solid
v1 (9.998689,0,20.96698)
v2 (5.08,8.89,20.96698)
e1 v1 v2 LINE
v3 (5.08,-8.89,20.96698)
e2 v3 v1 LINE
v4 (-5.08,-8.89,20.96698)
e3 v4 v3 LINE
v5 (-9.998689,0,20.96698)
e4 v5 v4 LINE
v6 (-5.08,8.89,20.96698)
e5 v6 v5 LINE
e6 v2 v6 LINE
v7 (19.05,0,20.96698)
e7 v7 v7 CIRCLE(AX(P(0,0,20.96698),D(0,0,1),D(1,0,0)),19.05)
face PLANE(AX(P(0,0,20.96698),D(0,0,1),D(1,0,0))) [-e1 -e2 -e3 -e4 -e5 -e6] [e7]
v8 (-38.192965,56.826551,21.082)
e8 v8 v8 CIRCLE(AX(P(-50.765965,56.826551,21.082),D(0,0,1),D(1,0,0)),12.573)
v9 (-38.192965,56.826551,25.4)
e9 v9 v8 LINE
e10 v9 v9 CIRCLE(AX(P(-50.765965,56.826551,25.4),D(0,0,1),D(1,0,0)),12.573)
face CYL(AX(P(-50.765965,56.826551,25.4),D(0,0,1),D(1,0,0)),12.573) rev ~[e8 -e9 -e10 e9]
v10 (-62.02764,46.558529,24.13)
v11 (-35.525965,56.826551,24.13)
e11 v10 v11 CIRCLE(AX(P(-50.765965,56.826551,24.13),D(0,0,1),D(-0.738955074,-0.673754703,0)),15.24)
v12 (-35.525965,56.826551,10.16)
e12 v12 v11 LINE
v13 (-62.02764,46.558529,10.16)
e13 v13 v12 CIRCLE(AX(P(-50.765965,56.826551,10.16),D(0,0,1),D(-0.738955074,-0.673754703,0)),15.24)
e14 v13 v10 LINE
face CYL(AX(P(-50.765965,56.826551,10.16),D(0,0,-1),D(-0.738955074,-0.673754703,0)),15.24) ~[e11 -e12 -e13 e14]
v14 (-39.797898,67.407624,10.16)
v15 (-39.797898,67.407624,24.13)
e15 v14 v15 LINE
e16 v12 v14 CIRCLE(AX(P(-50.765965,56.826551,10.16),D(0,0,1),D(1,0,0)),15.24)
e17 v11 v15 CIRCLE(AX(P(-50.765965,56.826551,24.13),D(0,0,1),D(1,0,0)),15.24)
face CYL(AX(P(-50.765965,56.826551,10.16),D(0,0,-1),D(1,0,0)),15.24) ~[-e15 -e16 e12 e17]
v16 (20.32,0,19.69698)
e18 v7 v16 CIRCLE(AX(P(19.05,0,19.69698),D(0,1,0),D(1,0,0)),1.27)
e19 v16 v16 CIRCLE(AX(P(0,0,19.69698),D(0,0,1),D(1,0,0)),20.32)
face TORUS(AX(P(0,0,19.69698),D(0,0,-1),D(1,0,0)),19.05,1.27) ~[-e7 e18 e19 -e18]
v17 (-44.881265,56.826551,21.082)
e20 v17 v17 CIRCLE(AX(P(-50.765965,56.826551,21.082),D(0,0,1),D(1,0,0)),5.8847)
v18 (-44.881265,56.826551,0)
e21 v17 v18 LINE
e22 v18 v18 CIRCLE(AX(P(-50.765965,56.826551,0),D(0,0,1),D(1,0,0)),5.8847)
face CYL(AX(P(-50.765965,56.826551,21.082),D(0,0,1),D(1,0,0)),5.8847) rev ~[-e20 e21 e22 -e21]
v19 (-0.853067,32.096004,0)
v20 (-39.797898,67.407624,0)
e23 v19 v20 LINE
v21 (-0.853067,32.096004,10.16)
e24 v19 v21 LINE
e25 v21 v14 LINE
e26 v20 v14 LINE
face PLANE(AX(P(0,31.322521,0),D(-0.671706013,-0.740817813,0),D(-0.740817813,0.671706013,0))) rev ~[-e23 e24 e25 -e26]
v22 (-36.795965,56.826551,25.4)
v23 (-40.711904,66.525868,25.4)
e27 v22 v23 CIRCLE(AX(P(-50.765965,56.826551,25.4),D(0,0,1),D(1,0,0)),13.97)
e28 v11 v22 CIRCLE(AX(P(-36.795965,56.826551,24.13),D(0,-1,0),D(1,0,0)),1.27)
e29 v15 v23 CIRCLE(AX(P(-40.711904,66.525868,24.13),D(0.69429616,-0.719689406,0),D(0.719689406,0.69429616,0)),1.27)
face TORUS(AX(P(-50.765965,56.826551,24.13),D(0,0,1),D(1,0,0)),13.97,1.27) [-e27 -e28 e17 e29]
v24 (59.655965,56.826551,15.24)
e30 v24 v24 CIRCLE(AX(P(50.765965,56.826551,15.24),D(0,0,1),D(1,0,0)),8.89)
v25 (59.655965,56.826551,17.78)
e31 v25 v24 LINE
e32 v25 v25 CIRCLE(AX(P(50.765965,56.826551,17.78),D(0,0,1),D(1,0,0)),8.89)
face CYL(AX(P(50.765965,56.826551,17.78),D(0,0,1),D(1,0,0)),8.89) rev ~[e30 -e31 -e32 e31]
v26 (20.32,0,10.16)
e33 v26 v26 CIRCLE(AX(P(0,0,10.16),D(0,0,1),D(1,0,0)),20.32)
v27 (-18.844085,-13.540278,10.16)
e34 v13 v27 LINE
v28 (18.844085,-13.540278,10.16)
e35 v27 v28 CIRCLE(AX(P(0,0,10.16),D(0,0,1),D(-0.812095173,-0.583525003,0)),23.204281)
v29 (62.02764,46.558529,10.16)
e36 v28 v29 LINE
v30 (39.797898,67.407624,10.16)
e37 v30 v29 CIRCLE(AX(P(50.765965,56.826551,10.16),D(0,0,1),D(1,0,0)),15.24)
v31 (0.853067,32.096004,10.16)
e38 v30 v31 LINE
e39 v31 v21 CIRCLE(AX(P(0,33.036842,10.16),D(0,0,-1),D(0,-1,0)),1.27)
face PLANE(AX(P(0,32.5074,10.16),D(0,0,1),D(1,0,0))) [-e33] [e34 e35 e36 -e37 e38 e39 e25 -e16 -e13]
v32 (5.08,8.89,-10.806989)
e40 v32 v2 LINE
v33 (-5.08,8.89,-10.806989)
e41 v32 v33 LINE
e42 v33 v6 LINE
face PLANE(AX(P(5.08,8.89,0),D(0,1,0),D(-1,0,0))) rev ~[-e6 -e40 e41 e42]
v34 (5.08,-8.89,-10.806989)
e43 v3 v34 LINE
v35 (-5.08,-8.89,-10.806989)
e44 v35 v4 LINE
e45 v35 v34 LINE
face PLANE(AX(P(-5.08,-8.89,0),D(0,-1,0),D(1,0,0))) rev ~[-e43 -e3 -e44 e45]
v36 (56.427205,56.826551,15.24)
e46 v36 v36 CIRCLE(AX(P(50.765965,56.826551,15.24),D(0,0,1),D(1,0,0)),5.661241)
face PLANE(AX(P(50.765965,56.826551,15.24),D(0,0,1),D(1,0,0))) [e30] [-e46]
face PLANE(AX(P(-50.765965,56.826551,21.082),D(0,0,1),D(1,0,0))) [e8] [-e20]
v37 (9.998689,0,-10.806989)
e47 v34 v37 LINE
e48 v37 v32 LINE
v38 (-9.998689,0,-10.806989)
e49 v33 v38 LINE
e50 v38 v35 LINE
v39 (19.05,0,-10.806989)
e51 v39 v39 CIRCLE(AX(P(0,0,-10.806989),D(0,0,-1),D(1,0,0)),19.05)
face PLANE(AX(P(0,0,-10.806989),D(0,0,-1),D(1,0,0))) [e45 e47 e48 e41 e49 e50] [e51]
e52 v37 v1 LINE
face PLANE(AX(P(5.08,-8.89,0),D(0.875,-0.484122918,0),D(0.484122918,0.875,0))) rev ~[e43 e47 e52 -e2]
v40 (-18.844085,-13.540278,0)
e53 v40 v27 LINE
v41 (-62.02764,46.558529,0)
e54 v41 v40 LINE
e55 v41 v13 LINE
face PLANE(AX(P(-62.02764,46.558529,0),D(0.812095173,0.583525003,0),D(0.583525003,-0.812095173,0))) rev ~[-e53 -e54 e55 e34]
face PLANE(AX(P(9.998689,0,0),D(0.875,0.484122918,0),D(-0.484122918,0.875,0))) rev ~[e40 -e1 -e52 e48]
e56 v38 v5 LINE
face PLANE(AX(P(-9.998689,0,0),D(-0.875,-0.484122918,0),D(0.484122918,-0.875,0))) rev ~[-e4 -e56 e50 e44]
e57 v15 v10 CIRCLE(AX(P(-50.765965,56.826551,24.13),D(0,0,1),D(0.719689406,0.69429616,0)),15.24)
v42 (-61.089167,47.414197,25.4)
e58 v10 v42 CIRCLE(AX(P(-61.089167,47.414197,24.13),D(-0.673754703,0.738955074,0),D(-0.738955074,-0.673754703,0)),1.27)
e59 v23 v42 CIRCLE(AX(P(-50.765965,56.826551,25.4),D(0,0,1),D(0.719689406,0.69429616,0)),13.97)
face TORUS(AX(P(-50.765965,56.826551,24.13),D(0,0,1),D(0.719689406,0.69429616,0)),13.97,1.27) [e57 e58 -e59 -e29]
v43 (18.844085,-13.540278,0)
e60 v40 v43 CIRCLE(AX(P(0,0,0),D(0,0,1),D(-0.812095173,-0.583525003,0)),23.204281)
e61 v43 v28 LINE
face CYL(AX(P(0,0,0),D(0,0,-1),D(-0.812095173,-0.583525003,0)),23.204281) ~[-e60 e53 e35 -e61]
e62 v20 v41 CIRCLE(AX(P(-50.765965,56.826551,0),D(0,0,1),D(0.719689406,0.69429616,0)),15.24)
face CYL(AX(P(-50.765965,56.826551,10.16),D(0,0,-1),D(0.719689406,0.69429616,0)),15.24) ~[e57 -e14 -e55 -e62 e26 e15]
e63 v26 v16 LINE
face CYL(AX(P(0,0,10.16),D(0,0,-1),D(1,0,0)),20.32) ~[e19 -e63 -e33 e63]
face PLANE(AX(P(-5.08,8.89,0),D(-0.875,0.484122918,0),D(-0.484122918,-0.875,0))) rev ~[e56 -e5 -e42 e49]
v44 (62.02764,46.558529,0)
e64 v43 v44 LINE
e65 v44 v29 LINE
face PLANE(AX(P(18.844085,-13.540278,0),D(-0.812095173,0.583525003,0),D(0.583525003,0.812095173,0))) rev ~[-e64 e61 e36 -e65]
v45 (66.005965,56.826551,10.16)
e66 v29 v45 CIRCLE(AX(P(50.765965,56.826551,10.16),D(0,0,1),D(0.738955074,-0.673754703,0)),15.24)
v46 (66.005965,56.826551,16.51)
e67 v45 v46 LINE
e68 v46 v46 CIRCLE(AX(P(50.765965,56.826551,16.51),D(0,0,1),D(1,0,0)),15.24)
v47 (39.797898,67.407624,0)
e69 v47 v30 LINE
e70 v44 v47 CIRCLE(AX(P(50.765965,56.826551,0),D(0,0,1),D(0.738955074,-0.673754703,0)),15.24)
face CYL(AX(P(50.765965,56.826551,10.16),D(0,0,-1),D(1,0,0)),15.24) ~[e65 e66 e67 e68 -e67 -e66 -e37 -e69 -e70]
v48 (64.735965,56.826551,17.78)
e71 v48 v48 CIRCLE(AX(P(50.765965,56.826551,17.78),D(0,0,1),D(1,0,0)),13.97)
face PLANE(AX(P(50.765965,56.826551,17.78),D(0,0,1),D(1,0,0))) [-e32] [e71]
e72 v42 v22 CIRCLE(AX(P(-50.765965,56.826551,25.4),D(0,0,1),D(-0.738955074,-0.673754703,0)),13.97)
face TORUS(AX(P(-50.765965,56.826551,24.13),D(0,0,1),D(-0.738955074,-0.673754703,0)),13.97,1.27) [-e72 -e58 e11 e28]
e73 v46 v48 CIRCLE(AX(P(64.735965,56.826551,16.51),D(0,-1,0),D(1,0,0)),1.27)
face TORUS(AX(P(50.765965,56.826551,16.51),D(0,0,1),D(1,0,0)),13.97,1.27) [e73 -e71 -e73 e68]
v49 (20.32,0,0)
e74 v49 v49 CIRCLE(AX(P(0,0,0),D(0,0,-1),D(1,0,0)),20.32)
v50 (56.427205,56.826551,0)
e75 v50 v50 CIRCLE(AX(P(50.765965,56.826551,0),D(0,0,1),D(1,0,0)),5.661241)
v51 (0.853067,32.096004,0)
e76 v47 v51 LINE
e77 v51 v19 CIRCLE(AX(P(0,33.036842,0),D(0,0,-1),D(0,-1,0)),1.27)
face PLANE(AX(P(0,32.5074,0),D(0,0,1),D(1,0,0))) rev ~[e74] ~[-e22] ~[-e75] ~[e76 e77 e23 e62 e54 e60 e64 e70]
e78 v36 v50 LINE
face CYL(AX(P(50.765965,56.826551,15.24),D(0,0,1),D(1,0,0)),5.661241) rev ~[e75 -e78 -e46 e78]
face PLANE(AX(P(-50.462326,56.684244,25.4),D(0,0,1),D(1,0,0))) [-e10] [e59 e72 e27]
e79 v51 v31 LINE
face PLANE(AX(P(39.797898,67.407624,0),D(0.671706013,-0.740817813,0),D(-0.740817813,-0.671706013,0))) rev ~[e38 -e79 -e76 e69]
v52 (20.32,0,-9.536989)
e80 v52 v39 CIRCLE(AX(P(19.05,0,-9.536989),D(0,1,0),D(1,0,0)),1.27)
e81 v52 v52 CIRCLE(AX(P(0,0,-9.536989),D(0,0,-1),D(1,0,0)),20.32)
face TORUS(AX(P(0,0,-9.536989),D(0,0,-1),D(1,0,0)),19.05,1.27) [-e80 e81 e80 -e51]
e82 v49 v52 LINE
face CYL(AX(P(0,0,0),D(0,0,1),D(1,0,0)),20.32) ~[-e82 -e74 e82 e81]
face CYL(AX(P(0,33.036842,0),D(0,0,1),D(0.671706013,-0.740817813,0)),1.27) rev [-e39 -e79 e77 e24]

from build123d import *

# Parameters (mm, degrees)
F1_DEPTH      = 10.16
F2_R          = 15.24
F3_DEPTH      = 7.62
F4_R          = 1.27
F5_R          = 8.89
F6_DEPTH      = 2.54
F6_DEPTH_BACK = 25.4
F7_R          = 5.6612408529
F8_DEPTH      = 15.241
F9_R          = 1.27
F11_DEPTH     = 15.24
F12_R         = 1.27
F13_R         = 12.573
F14_DEPTH     = 4.318
F15_R         = 5.8846996184
F16_DEPTH     = 21.083
F17_R         = 20.32
F18_DEPTH     = 10.80698
F20_DEPTH     = 25.4
F21_R         = 20.32
F3_FACE_R     = 13.97
F3_FACE_R_2   = 8.89
F22_DEPTH     = 10.8069888
F23_R         = 1.27


with BuildPart() as f1:
    # F0 (on Top) → F1 (new body)
    with BuildSketch(Plane.XY):
        with BuildLine():
            Line((0, 31.3225206132), (-39.7978979795, 67.4076240142))
            ThreePointArc((-39.7978979795, 67.4076240142), (-61.191545749, 67.9425235548), (-62.027639853, 46.5585288613))
            Line((-62.027639853, 46.5585288613), (-18.8440847739, -13.5402782767))
            ThreePointArc((-18.8440847739, -13.5402782767), (0, -23.2042812165), (18.8440847739, -13.5402782767))
            Line((18.8440847739, -13.5402782767), (62.027639853, 46.5585288613))
            ThreePointArc((62.027639853, 46.5585288613), (61.191545749, 67.9425235548), (39.7978979795, 67.4076240142))
            Line((39.7978979795, 67.4076240142), (0, 31.3225206132))
        make_face()
    extrude(amount=F1_DEPTH)

    # F2 (on face) → F3 (join)
    with BuildSketch(Plane.XY.offset(10.16)):
        with Locations((50.7659645325, 56.8265505295)):
            Circle(F2_R)
    extrude(amount=F3_DEPTH)

    # F4
    f4_edges = [f1.edges().sort_by_distance(p)[0] for p in [
        (35.525965, 56.826551, 17.78),
    ]]
    fillet(f4_edges, radius=F4_R)

    # F5 (on face) → F6 (cut, two sides)
    with BuildSketch(Plane.XY.offset(17.78)) as f6_sk:
        with Locations((50.7659645325, 56.8265505295)):
            Circle(F5_R)
    extrude(amount=-F6_DEPTH, mode=Mode.SUBTRACT)
    extrude(f6_sk.sketch, amount=F6_DEPTH_BACK, mode=Mode.SUBTRACT)

    # F7 (on face) → F8 (cut, through all)
    with BuildSketch(Plane.XY.offset(15.24)):
        with Locations((50.7659645325, 56.8265505295)):
            Circle(F7_R)
    extrude(amount=-F8_DEPTH, mode=Mode.SUBTRACT)

    # F9
    f9_edges = [f1.edges().sort_by_distance(p)[0] for p in [
        (0, 31.322521, 5.08),
    ]]
    fillet(f9_edges, radius=F9_R)

    # F10 (on face) → F11 (join)
    with BuildSketch(Plane.XY.offset(10.16)):
        with BuildLine():
            ThreePointArc((-62.027639853, 46.5585288613), (-45.260073682, 42.6158937557), (-35.5259645325, 56.8265505295))
            ThreePointArc((-35.5259645325, 56.8265505295), (-36.6342460548, 62.5319981777), (-39.7978979795, 67.4076240142))
            ThreePointArc((-39.7978979795, 67.4076240142), (-61.191545749, 67.9425235548), (-62.027639853, 46.5585288613))
        make_face()
    extrude(amount=F11_DEPTH)

    # F12
    f12_edges = [f1.edges().sort_by_distance(p)[0] for p in [
        (-61.734031, 46.245477, 25.4),
    ]]
    fillet(f12_edges, radius=F12_R)

    # F13 (on face) → F14 (cut)
    with BuildSketch(Plane.XY.offset(25.4)):
        with Locations((-50.7659645325, 56.8265505295)):
            Circle(F13_R)
    extrude(amount=-F14_DEPTH, mode=Mode.SUBTRACT)

    # F15 (on face) → F16 (cut, through all)
    with BuildSketch(Plane.XY.offset(21.082)):
        with Locations((-50.7659645325, 56.8265505295)):
            Circle(F15_R)
    extrude(amount=-F16_DEPTH, mode=Mode.SUBTRACT)

    # F17 (on face) → F18 (join)
    with BuildSketch(Plane.XY.offset(10.16)):
        Circle(F17_R)
    extrude(amount=F18_DEPTH)

    # F19 (on face) → F20 (cut)
    with BuildSketch(Plane.XY.offset(20.96698)):
        Polygon((5.08, 8.89), (-5.08, 8.89), (-9.9986888497, 0), (-5.08, -8.89), (5.08, -8.89), (9.9986888497, 0), align=None)
    extrude(amount=-F20_DEPTH, mode=Mode.SUBTRACT)

    # F21 (on face) + F3_face (on face) → F22 (join)
    with BuildSketch(Plane(origin=(0, 0, 0), x_dir=(1, 0, 0), z_dir=(0, 0, -1))):
        Circle(F21_R)
        Polygon((5.08, 8.89), (9.9986888497, 0), (5.08, -8.89), (-5.08, -8.89), (-9.9986888497, 0), (-5.08, 8.89), align=None, mode=Mode.SUBTRACT)
    with BuildSketch(Plane(origin=(50.7659645325, 56.8265505295, 17.78), x_dir=(1, 0, 0), z_dir=(0, 0, 1))):
        Circle(F3_FACE_R)
        Circle(F3_FACE_R_2, mode=Mode.SUBTRACT)
    extrude(amount=F22_DEPTH, dir=(0, 0, -1))

    # F23
    f23_edges = [f1.edges().sort_by_distance(p)[0] for p in [
        (-20.32, 0, 20.96698),
        (-20.32, 0, -10.806989),
    ]]
    fillet(f23_edges, radius=F23_R)


solid = f1.part
